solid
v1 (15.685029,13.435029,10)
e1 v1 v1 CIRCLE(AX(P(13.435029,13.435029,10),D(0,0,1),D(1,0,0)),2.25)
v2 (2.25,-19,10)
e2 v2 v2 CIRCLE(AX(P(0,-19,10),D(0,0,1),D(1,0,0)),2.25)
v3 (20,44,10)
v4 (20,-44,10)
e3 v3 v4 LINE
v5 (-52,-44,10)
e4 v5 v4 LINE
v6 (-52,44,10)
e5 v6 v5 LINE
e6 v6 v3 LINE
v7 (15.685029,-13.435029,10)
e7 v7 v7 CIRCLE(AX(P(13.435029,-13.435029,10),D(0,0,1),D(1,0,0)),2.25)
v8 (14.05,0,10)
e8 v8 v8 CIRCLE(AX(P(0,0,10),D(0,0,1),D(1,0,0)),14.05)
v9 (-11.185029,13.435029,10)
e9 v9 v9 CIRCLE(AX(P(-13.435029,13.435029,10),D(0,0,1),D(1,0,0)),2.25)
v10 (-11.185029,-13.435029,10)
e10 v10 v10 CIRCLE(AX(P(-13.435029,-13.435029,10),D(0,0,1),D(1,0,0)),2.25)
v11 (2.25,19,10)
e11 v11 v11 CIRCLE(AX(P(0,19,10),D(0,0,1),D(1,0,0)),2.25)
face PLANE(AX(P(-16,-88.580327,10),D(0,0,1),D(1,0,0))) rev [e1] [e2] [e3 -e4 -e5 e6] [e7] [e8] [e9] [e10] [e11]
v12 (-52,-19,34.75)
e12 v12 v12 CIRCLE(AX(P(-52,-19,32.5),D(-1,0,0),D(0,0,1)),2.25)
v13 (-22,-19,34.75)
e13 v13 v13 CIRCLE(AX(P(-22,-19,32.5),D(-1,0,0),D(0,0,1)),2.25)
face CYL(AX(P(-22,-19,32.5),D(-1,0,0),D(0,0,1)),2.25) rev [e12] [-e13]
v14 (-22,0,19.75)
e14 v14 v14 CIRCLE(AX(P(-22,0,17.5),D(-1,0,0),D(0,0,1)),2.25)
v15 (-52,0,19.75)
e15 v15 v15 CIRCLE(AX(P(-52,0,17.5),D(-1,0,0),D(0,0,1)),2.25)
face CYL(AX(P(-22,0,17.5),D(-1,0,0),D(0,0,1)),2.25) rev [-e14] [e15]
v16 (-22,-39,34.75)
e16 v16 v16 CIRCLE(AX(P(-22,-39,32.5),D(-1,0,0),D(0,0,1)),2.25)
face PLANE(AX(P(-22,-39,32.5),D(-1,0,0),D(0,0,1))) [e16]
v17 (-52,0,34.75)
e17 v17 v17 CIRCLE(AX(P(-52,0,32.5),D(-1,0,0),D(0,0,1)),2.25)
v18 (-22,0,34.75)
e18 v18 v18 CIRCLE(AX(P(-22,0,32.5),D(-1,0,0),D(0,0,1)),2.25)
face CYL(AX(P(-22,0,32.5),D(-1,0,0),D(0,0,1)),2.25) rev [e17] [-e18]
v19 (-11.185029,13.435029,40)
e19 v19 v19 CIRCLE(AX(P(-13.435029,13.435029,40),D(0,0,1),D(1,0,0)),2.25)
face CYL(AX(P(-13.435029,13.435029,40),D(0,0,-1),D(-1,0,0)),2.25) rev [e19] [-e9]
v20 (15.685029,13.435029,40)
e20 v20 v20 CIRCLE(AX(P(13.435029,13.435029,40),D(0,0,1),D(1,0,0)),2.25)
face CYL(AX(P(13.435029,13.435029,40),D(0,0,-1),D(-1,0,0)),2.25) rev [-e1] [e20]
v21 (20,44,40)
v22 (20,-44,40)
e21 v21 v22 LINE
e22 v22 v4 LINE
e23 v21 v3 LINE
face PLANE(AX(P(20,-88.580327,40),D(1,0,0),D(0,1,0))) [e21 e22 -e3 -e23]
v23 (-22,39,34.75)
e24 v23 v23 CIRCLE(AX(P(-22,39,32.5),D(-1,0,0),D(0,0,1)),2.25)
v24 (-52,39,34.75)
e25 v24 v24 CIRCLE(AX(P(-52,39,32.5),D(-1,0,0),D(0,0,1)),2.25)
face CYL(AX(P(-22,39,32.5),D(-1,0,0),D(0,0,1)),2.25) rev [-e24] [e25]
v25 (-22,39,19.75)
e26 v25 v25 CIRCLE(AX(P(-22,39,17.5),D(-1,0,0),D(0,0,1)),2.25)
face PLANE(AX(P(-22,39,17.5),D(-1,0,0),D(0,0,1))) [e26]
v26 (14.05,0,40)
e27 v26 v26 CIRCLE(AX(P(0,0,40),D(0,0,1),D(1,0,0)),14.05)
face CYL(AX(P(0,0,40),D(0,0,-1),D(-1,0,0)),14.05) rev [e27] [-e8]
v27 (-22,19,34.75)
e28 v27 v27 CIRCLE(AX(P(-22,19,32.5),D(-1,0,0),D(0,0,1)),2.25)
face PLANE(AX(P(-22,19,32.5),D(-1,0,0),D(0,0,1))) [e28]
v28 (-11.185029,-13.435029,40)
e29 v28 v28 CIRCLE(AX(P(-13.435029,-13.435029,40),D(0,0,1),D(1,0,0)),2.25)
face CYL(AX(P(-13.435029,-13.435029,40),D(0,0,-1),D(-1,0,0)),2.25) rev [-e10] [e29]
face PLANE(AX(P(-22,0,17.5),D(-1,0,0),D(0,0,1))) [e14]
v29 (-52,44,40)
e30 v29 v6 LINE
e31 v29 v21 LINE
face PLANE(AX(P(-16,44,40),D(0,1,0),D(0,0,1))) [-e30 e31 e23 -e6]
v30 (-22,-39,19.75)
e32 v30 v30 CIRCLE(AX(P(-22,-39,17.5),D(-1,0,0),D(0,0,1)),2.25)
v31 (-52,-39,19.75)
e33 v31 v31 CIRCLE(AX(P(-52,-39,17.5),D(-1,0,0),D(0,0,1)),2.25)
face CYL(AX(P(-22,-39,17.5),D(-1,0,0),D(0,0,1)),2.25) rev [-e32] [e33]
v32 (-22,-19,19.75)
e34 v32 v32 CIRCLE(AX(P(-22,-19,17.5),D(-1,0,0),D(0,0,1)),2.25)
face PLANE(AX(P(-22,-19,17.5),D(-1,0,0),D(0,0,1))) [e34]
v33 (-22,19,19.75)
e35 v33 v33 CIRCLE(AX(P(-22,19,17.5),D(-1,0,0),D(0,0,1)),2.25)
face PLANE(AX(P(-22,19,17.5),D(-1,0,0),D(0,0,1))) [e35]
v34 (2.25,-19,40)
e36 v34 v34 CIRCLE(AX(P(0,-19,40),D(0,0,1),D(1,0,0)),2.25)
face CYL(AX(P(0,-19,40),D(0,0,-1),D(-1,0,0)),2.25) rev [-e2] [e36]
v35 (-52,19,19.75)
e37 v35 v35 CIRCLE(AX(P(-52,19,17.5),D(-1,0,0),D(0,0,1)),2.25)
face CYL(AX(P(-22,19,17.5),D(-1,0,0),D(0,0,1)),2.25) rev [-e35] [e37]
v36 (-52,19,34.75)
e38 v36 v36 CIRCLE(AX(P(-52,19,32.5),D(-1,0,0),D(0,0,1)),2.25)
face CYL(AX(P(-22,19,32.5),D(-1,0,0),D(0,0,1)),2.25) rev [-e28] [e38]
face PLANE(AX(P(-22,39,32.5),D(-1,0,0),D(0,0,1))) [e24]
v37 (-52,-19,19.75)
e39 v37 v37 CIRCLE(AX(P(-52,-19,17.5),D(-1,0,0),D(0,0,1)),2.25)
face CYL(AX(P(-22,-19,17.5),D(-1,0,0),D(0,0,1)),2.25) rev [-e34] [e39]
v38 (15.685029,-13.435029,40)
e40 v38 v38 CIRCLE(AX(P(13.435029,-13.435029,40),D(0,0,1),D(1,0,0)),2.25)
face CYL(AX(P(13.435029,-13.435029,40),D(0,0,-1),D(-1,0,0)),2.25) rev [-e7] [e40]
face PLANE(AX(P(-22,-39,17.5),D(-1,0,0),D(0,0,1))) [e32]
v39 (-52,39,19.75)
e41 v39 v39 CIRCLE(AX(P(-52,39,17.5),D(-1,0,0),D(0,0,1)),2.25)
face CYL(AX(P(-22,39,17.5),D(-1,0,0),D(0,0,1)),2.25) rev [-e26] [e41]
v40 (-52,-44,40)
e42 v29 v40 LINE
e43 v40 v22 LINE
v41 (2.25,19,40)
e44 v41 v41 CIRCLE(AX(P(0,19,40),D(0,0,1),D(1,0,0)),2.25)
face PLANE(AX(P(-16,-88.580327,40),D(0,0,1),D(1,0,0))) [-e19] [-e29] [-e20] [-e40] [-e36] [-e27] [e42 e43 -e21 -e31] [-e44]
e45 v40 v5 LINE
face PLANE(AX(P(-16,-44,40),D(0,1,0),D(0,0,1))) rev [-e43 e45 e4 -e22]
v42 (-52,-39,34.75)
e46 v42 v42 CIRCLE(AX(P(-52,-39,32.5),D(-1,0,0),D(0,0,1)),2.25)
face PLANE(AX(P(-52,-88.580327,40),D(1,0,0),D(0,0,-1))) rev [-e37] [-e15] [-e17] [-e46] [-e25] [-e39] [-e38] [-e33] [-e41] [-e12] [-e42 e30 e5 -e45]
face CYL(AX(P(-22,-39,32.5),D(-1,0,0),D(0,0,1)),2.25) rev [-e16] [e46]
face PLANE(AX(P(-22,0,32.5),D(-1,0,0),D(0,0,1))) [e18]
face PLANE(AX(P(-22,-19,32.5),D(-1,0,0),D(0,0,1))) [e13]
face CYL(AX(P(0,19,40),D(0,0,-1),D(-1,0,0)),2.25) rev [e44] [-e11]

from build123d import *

# Parameters (mm, degrees)
EXTRUDE7_START     = 10
SKETCH1_W          = 72
SKETCH1_H          = 88
SKETCH1_R          = 14.05
SKETCH1_R_2        = 2.25
EXTRUDE7_DEPTH     = 30
SKETCH7_R          = 2.25
CUT_EXTRUDE5_DEPTH = 30


with BuildPart() as part:
    # Sketch1 → Extrude7 (new body)
    with BuildSketch(Plane.XY.offset(EXTRUDE7_START)):
        with Locations((-16, 0)):
            Rectangle(SKETCH1_W, SKETCH1_H)
        Circle(SKETCH1_R, mode=Mode.SUBTRACT)
        with Locations((-13.435028843, 13.435028843)):
            Circle(SKETCH1_R_2, mode=Mode.SUBTRACT)
        with Locations((0, 19)):
            Circle(SKETCH1_R_2, mode=Mode.SUBTRACT)
        with Locations((13.435028843, 13.435028843)):
            Circle(SKETCH1_R_2, mode=Mode.SUBTRACT)
        with Locations((13.435028843, -13.435028843)):
            Circle(SKETCH1_R_2, mode=Mode.SUBTRACT)
        with Locations((0, -19)):
            Circle(SKETCH1_R_2, mode=Mode.SUBTRACT)
        with Locations((-13.435028843, -13.435028843)):
            Circle(SKETCH1_R_2, mode=Mode.SUBTRACT)
    extrude(amount=EXTRUDE7_DEPTH)

    # Sketch7 → Cut-Extrude5 (cut)
    with BuildSketch(Plane.ZY.offset(52)):
        with Locations((17.5, 39)):
            Circle(SKETCH7_R)
        with Locations((17.5, 19)):
            Circle(SKETCH7_R)
        with Locations((17.5, -39)):
            Circle(SKETCH7_R)
        with Locations((17.5, -19)):
            Circle(SKETCH7_R)
        with Locations((17.5, 0)):
            Circle(SKETCH7_R)
        with Locations((32.5, -39)):
            Circle(SKETCH7_R)
        with Locations((32.5, -19)):
            Circle(SKETCH7_R)
        with Locations((32.5, 0)):
            Circle(SKETCH7_R)
        with Locations((32.5, 19)):
            Circle(SKETCH7_R)
        with Locations((32.5, 39)):
            Circle(SKETCH7_R)
    extrude(amount=-CUT_EXTRUDE5_DEPTH, mode=Mode.SUBTRACT)


solid = part.part
